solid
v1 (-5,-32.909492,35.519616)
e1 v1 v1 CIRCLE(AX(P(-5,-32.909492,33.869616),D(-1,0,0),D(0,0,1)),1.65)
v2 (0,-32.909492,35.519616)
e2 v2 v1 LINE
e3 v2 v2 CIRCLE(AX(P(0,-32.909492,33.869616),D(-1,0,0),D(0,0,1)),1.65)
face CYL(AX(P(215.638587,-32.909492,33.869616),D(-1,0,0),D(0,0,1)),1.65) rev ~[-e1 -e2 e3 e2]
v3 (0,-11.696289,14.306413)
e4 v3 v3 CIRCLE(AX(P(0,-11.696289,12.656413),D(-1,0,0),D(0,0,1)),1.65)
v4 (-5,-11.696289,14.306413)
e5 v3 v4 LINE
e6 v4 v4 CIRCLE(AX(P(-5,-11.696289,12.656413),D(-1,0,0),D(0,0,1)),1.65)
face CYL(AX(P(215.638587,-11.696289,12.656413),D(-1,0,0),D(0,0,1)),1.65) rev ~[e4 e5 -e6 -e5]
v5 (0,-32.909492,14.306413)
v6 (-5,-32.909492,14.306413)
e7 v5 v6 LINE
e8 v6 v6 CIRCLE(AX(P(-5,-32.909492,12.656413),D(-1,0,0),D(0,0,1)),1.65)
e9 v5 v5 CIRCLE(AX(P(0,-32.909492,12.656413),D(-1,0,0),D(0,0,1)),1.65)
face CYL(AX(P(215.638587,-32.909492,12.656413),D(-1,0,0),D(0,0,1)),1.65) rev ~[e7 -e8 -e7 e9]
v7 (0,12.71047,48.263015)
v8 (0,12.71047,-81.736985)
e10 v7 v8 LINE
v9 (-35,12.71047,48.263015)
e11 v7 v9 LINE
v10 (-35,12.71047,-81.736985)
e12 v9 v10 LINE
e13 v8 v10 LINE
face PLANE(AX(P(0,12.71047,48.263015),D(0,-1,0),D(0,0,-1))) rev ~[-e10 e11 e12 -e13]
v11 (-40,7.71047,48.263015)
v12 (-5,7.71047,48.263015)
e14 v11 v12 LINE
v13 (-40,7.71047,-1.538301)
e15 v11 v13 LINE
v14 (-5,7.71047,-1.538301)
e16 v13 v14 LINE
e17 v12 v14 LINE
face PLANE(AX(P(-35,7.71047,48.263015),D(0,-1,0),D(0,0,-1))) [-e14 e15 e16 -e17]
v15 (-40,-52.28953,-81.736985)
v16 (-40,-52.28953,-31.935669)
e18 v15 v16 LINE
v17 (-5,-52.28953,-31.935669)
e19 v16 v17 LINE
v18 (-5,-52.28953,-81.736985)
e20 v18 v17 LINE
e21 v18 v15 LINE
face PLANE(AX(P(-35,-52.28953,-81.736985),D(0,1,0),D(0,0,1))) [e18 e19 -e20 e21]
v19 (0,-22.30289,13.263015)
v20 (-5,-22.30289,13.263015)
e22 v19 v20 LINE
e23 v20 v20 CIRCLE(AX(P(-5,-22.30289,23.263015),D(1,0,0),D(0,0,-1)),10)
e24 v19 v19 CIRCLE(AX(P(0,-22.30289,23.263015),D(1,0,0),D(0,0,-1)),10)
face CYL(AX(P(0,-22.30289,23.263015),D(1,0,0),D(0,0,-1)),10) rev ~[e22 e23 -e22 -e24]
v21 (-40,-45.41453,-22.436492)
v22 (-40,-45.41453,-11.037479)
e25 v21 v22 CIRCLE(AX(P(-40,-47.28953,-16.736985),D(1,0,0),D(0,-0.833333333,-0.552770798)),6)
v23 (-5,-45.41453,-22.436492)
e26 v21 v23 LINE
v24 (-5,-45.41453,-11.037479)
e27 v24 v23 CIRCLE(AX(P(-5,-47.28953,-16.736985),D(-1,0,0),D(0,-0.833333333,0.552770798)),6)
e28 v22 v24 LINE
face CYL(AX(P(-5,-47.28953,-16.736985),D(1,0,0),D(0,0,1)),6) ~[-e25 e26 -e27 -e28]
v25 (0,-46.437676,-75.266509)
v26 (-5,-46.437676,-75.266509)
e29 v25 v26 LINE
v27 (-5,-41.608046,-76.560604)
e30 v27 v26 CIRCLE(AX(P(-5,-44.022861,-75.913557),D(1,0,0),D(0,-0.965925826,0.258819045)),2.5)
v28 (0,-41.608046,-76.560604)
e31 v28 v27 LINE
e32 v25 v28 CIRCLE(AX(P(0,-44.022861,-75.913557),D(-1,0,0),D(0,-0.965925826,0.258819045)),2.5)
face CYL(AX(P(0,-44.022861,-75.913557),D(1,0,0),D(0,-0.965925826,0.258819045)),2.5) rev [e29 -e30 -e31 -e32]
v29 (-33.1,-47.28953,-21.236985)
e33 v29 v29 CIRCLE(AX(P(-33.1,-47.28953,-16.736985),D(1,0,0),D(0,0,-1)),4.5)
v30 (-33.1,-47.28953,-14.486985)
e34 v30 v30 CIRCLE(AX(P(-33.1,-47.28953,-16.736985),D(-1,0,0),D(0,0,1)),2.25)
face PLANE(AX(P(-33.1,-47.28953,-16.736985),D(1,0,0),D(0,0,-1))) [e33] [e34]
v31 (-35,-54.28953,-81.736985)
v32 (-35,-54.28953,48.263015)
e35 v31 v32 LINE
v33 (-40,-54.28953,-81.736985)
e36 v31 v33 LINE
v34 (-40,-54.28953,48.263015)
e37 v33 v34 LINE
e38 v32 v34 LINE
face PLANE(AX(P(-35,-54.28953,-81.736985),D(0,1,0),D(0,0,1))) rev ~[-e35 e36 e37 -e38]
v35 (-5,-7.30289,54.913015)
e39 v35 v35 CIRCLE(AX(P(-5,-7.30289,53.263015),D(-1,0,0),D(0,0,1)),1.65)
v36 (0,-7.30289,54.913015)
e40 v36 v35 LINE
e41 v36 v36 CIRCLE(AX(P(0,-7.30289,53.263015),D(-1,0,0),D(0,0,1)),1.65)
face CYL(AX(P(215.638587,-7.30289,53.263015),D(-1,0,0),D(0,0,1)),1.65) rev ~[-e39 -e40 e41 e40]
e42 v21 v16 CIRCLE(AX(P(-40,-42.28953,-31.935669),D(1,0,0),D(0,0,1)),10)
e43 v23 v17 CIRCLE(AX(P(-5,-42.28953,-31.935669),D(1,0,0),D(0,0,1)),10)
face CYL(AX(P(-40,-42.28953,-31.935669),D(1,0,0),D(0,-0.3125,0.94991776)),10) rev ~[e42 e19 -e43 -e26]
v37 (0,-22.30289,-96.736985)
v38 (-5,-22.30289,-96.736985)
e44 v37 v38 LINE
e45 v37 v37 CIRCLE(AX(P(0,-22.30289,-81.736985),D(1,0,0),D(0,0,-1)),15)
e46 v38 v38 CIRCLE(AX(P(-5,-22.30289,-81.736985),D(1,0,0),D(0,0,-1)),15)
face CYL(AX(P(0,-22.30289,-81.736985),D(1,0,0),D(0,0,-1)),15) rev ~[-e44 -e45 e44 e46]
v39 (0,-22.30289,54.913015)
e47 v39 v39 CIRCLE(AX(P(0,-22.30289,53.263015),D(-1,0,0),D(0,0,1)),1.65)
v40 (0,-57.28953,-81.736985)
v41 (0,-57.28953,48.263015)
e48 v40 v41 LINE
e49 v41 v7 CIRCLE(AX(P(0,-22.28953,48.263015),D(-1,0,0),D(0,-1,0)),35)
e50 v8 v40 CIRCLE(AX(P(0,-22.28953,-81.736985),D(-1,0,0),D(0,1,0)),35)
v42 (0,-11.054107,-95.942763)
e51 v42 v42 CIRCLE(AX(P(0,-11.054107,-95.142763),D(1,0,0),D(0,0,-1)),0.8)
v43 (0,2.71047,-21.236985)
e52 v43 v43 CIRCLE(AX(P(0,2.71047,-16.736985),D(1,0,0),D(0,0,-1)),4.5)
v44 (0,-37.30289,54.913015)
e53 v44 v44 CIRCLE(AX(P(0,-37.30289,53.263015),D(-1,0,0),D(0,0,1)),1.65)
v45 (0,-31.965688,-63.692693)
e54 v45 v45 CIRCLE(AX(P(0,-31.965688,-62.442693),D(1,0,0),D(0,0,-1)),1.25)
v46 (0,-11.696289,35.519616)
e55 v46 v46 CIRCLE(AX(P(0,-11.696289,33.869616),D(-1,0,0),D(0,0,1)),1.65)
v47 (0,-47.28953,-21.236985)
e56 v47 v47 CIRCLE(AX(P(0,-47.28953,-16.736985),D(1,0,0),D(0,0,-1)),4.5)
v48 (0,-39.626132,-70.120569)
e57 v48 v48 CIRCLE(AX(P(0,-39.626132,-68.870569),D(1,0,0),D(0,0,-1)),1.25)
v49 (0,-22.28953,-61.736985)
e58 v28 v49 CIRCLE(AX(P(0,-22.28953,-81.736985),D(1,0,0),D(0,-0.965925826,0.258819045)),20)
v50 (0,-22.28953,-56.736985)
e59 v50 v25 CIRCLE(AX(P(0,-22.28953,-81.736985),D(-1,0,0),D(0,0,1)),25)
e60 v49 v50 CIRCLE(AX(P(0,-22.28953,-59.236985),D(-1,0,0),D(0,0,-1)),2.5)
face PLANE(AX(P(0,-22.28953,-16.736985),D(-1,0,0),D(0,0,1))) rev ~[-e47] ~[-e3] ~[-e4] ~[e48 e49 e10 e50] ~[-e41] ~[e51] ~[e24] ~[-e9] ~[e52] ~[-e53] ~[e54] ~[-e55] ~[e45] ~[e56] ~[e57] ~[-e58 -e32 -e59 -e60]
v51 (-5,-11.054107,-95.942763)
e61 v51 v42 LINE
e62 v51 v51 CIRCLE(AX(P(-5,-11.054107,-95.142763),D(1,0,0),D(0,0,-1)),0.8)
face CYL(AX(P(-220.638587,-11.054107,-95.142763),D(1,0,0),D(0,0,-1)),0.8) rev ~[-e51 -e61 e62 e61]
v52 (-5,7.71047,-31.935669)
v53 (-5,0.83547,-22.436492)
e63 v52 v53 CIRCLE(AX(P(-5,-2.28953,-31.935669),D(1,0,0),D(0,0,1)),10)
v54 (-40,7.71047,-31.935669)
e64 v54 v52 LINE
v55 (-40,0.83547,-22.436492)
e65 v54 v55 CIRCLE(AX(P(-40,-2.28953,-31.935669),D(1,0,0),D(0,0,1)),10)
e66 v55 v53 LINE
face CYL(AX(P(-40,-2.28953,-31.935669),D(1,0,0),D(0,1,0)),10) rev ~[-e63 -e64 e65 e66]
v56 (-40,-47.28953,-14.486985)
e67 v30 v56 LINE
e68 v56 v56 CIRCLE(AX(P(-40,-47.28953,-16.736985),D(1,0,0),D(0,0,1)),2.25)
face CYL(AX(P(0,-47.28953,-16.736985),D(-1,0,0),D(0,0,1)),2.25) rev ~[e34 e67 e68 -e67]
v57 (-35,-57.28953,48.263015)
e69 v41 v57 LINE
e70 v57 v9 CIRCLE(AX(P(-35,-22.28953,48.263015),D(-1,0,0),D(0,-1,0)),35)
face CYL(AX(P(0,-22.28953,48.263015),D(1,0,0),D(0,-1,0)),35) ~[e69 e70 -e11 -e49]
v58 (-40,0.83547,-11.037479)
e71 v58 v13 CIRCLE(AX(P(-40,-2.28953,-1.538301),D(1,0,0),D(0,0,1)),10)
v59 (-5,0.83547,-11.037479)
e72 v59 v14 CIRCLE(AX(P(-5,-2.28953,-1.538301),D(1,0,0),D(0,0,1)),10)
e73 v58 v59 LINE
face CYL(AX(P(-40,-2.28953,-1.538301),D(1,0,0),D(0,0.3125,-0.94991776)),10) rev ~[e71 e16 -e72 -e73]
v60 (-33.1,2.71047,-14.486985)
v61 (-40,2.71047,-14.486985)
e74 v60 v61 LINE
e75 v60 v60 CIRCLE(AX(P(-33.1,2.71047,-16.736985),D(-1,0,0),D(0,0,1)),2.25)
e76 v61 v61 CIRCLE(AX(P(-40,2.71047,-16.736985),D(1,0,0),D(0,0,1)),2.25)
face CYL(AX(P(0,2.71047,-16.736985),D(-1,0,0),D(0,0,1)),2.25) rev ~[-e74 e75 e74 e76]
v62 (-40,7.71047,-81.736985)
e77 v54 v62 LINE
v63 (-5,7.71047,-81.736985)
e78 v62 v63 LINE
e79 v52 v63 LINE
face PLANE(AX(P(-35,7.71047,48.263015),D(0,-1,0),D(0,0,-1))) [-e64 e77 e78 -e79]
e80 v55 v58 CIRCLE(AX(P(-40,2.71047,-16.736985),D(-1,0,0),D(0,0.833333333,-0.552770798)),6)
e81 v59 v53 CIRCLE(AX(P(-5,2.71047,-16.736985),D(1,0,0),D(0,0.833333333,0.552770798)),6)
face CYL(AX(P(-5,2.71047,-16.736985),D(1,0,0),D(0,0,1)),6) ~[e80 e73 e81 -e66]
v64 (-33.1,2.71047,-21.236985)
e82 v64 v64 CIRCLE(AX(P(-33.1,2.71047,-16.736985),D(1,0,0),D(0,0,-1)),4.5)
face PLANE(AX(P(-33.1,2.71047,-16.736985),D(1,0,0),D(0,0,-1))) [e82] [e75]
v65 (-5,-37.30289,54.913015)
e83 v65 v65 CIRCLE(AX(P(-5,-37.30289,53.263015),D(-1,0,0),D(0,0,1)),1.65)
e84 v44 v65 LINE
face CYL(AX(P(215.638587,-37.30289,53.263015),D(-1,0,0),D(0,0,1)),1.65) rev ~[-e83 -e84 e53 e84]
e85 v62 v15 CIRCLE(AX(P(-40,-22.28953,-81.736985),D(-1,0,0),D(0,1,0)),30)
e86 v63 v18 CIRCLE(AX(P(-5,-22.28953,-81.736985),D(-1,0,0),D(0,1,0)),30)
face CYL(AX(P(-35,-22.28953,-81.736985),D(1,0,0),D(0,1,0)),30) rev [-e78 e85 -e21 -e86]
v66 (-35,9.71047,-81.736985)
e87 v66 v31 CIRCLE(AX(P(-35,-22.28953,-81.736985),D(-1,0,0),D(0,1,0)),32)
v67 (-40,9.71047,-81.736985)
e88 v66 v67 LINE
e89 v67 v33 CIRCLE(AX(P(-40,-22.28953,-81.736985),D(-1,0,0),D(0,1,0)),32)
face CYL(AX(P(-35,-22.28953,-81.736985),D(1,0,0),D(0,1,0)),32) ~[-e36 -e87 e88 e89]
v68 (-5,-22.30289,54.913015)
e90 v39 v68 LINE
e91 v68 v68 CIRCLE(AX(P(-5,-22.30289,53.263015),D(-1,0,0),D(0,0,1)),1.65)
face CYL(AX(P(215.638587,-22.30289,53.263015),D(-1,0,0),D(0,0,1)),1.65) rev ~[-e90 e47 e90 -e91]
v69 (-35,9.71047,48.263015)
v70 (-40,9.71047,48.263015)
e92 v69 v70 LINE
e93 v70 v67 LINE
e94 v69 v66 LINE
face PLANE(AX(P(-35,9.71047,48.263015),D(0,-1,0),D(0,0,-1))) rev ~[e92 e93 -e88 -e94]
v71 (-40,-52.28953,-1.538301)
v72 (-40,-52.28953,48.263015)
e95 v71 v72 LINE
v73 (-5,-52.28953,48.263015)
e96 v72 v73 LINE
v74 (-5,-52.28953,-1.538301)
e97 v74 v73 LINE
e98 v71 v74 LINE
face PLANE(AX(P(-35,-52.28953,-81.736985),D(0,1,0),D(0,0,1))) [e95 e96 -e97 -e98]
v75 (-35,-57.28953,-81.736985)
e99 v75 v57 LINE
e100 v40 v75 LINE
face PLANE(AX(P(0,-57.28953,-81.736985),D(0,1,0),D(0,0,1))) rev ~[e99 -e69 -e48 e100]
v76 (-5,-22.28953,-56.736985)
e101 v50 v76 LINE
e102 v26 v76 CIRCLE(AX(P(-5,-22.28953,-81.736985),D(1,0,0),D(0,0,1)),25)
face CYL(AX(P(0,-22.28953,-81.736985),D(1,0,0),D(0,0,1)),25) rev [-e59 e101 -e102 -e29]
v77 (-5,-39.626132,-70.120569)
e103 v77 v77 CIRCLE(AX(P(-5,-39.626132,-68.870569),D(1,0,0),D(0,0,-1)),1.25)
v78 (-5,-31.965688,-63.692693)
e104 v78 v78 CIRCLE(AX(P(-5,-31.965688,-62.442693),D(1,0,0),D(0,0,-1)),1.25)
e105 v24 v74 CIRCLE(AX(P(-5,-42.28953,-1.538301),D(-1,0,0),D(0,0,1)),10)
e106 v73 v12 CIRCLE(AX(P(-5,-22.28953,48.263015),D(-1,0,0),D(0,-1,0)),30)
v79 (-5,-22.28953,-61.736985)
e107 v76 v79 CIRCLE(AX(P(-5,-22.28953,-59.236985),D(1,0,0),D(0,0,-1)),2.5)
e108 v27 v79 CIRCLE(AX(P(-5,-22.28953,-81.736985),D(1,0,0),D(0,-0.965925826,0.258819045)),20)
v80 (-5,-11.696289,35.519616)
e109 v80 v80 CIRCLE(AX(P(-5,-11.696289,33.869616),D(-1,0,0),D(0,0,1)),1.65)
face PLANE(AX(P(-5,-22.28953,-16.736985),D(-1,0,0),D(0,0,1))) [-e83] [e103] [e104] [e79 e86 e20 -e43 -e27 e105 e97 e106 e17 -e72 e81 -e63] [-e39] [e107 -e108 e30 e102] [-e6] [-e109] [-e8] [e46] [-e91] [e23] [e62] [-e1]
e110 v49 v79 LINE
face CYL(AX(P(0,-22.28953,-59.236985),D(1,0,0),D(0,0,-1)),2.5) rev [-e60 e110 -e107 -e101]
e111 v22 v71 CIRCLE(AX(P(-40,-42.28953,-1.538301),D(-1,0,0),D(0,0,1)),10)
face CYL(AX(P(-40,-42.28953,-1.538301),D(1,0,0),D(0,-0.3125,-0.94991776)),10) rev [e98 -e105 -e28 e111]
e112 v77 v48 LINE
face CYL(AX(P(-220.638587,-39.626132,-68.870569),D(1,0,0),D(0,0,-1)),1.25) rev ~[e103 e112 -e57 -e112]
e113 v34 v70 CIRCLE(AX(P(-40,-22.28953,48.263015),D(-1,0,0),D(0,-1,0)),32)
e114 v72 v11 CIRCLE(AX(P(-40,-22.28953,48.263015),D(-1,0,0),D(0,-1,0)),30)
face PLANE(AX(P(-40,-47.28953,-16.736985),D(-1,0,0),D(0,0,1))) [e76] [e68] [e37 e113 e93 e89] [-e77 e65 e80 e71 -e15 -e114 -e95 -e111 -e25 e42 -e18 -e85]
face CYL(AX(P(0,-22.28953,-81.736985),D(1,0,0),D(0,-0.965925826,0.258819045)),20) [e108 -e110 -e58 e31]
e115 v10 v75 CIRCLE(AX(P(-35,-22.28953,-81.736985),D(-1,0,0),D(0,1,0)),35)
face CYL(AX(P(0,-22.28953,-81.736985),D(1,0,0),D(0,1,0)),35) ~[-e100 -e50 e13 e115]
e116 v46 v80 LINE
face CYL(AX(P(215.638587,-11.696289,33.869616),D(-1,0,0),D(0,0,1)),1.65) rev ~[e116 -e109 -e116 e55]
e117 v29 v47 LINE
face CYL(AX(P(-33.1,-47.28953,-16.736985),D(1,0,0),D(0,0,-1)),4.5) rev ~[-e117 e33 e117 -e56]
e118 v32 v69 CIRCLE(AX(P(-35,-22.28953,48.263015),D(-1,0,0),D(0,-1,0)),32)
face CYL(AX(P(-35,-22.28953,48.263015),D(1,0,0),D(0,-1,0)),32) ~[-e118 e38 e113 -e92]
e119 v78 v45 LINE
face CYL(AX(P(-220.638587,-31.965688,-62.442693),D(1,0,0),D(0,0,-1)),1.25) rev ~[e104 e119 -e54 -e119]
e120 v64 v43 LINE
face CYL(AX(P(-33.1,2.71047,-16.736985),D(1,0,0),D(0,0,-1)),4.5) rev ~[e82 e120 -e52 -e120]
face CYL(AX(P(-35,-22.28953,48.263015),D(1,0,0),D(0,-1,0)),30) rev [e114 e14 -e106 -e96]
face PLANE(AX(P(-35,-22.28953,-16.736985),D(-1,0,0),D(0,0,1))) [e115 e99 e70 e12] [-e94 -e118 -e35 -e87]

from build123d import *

# Parameters (mm, degrees)
EXTRUDE_1_DEPTH              = 35
CUT_EXTRUDE_2_DEPTH          = 30
SKETCH_2_R                   = 10
SKETCH_2_R_2                 = 15
CUT_EXTRUDE_1_DEPTH          = 1
CUT_EXTRUDE_1_DEPTH_BACK     = 36
EXTRUDE_2_DEPTH              = 5
CUT_EXTRUDE_4_REACH          = 42
SKETCH_11_R                  = 6
EXTRUDE_4_DEPTH              = 35
FILLET_1_R                   = 10
HOLE_WIZARD_M3_1_D           = 2.5
HOLE_WIZARD_M2_1_D           = 1.6
HOLE_WIZARD_M4_1_D           = 3.3
HOLE_WIZARD_M4_2_D           = 4.5
HOLE_WIZARD_M4_2_DEPTH       = 40
HOLE_WIZARD_M4_2_CBORE_D     = 9
HOLE_WIZARD_M4_2_CBORE_DEPTH = 33.1
HOLE_WIZARD_M4_2_TIP         = 1.351936393


with BuildPart() as part:
    # 스케치1 → 보스-돌출1 (new body)
    with BuildSketch(Plane(origin=(0, 0, 0), x_dir=(0, 0, -1), z_dir=(1, 0, 0))):
        with BuildLine():
            Line((-48.263014716, 12.710470067), (81.736985284, 12.710470067))
            ThreePointArc((81.736985284, 12.710470067), (116.736985284, -22.289529933), (81.736985284, -57.289529933))
            Line((81.736985284, -57.289529933), (-48.263014716, -57.289529933))
            ThreePointArc((-48.263014716, -57.289529933), (-83.263014716, -22.289529933), (-48.263014716, 12.710470067))
        make_face()
    extrude(amount=-EXTRUDE_1_DEPTH)

    # 스케치3 → 컷-돌출2 (cut)
    with BuildSketch(Plane.ZY.offset(35)):
        with BuildLine():
            Line((48.263014716, 7.710470067), (-81.736985284, 7.710470067))
            ThreePointArc((-81.736985284, 7.710470067), (-111.736985284, -22.289529933), (-81.736985284, -52.289529933))
            Line((-81.736985284, -52.289529933), (48.263014716, -52.289529933))
            ThreePointArc((48.263014716, -52.289529933), (78.263014716, -22.289529933), (48.263014716, 7.710470067))
        make_face()
    extrude(amount=-CUT_EXTRUDE_2_DEPTH, mode=Mode.SUBTRACT)

    # 스케치2 → 컷-돌출1 (cut, two sides)
    with BuildSketch(Plane(origin=(0, 0, 0), x_dir=(0, 0, -1), z_dir=(1, 0, 0))) as cut_extrude_1_sk:
        with Locations((-23.263014716, -22.302890454)):
            Circle(SKETCH_2_R)
        with Locations((81.736985284, -22.302890454)):
            Circle(SKETCH_2_R_2)
    extrude(amount=CUT_EXTRUDE_1_DEPTH, mode=Mode.SUBTRACT)
    extrude(cut_extrude_1_sk.sketch, amount=-CUT_EXTRUDE_1_DEPTH_BACK, mode=Mode.SUBTRACT)

    # 스케치6 → 보스-돌출2 (add)
    with BuildSketch(Plane.ZY.offset(35)):
        with BuildLine():
            Line((-81.736985284, -54.289529933), (48.263014716, -54.289529933))
            ThreePointArc((48.263014716, -54.289529933), (80.263014716, -22.289529933), (48.263014716, 9.710470067))
            Line((48.263014716, 9.710470067), (-81.736985284, 9.710470067))
            ThreePointArc((-81.736985284, 9.710470067), (-113.736985284, -22.289529933), (-81.736985284, -54.289529933))
        make_face()
        with BuildLine():
            Line((-81.736985284, -52.289529933), (48.263014716, -52.289529933))
            ThreePointArc((48.263014716, -52.289529933), (78.263014716, -22.289529933), (48.263014716, 7.710470067))
            Line((48.263014716, 7.710470067), (-81.736985284, 7.710470067))
            ThreePointArc((-81.736985284, 7.710470067), (-111.736985284, -22.289529933), (-81.736985284, -52.289529933))
        make_face(mode=Mode.SUBTRACT)
    extrude(amount=EXTRUDE_2_DEPTH)

    # 스케치8 → 컷-돌출4 (cut, up to next)
    with BuildSketch(Plane(origin=(0, 0, 0), x_dir=(0, 0, -1), z_dir=(1, 0, 0)), mode=Mode.PRIVATE) as cut_extrude_4_sk1:
        with BuildLine():
            ThreePointArc((76.560604382, -41.608046459), (97.60405209, -10.114301353), (61.736985284, -22.289529933))
            ThreePointArc((61.736985284, -22.289529933), (59.236985284, -24.789529933), (56.736985284, -22.289529933))
            ThreePointArc((56.736985284, -22.289529933), (101.570818791, -7.070494208), (75.266509157, -46.43767559))
            ThreePointArc((75.266509157, -46.43767559), (73.498742204, -43.375813412), (76.560604382, -41.608046459))
        make_face()
    cut_extrude_4_tool1 = extrude(cut_extrude_4_sk1.sketch, amount=-CUT_EXTRUDE_4_REACH, mode=Mode.PRIVATE) & part.part
    add(cut_extrude_4_tool1.solids().sort_by_distance((0, -43.558826, -74.181755))[0], mode=Mode.SUBTRACT)

    # 스케치11 → 보스-돌출4 (add)
    with BuildSketch(Plane.ZY.offset(5)):
        with Locations((-16.736985284, -47.289529933)):
            Circle(SKETCH_11_R)
        with Locations((-16.736985284, 2.710470067)):
            Circle(SKETCH_11_R)
    extrude(amount=EXTRUDE_4_DEPTH)

    # 필렛1
    fillet_1_edges = [part.edges().sort_by_distance(p)[0] for p in [
        (-22.5, -52.289529933, -20.053610075),
        (-22.5, -52.289529933, -13.420360494),
        (-22.5, 7.710470067, -13.420360494),
        (-22.5, 7.710470067, -20.053610075),
    ]]
    fillet(fillet_1_edges, radius=FILLET_1_R)

    # M3 나사 구멍1 (through all)
    with Locations(Plane.ZY.offset(5)):
        with Locations((-62.442692702, -31.965687796), (-68.870568799, -39.626132227)):
            Hole(HOLE_WIZARD_M3_1_D / 2)

    # M2 나사 구멍1 (through all)
    with Locations(Plane.ZY.offset(5)):
        with Locations((-95.142763039, -11.054107284)):
            Hole(HOLE_WIZARD_M2_1_D / 2)

    # M4 나사 구멍1 (through all)
    with Locations(Plane(origin=(0, 0, 0), x_dir=(0, 0, -1), z_dir=(1, 0, 0))):
        with Locations((-53.263014716, -7.302890454), (-53.263014716, -22.302890454), (-53.263014716, -37.302890454), (-33.869616434, -32.909492171), (-33.869616434, -11.696288736), (-12.656412998, -11.696288736), (-12.656412998, -32.909492171)):
            Hole(HOLE_WIZARD_M4_1_D / 2)

    # M4 남비 머리 나사용 카운터보어2
    with Locations(Plane(origin=(0, 0, 0), x_dir=(0, 0, -1), z_dir=(1, 0, 0))):
        with Locations((16.736985284, 2.710470067), (16.736985284, -47.289529933)):
            CounterBoreHole(HOLE_WIZARD_M4_2_D / 2, HOLE_WIZARD_M4_2_CBORE_D / 2, HOLE_WIZARD_M4_2_CBORE_DEPTH, depth=HOLE_WIZARD_M4_2_DEPTH)
            with Locations((0, 0, -(HOLE_WIZARD_M4_2_DEPTH + HOLE_WIZARD_M4_2_TIP / 2))):  # 118° drill point
                Cone(0, HOLE_WIZARD_M4_2_D / 2, HOLE_WIZARD_M4_2_TIP, mode=Mode.SUBTRACT)


solid = part.part
